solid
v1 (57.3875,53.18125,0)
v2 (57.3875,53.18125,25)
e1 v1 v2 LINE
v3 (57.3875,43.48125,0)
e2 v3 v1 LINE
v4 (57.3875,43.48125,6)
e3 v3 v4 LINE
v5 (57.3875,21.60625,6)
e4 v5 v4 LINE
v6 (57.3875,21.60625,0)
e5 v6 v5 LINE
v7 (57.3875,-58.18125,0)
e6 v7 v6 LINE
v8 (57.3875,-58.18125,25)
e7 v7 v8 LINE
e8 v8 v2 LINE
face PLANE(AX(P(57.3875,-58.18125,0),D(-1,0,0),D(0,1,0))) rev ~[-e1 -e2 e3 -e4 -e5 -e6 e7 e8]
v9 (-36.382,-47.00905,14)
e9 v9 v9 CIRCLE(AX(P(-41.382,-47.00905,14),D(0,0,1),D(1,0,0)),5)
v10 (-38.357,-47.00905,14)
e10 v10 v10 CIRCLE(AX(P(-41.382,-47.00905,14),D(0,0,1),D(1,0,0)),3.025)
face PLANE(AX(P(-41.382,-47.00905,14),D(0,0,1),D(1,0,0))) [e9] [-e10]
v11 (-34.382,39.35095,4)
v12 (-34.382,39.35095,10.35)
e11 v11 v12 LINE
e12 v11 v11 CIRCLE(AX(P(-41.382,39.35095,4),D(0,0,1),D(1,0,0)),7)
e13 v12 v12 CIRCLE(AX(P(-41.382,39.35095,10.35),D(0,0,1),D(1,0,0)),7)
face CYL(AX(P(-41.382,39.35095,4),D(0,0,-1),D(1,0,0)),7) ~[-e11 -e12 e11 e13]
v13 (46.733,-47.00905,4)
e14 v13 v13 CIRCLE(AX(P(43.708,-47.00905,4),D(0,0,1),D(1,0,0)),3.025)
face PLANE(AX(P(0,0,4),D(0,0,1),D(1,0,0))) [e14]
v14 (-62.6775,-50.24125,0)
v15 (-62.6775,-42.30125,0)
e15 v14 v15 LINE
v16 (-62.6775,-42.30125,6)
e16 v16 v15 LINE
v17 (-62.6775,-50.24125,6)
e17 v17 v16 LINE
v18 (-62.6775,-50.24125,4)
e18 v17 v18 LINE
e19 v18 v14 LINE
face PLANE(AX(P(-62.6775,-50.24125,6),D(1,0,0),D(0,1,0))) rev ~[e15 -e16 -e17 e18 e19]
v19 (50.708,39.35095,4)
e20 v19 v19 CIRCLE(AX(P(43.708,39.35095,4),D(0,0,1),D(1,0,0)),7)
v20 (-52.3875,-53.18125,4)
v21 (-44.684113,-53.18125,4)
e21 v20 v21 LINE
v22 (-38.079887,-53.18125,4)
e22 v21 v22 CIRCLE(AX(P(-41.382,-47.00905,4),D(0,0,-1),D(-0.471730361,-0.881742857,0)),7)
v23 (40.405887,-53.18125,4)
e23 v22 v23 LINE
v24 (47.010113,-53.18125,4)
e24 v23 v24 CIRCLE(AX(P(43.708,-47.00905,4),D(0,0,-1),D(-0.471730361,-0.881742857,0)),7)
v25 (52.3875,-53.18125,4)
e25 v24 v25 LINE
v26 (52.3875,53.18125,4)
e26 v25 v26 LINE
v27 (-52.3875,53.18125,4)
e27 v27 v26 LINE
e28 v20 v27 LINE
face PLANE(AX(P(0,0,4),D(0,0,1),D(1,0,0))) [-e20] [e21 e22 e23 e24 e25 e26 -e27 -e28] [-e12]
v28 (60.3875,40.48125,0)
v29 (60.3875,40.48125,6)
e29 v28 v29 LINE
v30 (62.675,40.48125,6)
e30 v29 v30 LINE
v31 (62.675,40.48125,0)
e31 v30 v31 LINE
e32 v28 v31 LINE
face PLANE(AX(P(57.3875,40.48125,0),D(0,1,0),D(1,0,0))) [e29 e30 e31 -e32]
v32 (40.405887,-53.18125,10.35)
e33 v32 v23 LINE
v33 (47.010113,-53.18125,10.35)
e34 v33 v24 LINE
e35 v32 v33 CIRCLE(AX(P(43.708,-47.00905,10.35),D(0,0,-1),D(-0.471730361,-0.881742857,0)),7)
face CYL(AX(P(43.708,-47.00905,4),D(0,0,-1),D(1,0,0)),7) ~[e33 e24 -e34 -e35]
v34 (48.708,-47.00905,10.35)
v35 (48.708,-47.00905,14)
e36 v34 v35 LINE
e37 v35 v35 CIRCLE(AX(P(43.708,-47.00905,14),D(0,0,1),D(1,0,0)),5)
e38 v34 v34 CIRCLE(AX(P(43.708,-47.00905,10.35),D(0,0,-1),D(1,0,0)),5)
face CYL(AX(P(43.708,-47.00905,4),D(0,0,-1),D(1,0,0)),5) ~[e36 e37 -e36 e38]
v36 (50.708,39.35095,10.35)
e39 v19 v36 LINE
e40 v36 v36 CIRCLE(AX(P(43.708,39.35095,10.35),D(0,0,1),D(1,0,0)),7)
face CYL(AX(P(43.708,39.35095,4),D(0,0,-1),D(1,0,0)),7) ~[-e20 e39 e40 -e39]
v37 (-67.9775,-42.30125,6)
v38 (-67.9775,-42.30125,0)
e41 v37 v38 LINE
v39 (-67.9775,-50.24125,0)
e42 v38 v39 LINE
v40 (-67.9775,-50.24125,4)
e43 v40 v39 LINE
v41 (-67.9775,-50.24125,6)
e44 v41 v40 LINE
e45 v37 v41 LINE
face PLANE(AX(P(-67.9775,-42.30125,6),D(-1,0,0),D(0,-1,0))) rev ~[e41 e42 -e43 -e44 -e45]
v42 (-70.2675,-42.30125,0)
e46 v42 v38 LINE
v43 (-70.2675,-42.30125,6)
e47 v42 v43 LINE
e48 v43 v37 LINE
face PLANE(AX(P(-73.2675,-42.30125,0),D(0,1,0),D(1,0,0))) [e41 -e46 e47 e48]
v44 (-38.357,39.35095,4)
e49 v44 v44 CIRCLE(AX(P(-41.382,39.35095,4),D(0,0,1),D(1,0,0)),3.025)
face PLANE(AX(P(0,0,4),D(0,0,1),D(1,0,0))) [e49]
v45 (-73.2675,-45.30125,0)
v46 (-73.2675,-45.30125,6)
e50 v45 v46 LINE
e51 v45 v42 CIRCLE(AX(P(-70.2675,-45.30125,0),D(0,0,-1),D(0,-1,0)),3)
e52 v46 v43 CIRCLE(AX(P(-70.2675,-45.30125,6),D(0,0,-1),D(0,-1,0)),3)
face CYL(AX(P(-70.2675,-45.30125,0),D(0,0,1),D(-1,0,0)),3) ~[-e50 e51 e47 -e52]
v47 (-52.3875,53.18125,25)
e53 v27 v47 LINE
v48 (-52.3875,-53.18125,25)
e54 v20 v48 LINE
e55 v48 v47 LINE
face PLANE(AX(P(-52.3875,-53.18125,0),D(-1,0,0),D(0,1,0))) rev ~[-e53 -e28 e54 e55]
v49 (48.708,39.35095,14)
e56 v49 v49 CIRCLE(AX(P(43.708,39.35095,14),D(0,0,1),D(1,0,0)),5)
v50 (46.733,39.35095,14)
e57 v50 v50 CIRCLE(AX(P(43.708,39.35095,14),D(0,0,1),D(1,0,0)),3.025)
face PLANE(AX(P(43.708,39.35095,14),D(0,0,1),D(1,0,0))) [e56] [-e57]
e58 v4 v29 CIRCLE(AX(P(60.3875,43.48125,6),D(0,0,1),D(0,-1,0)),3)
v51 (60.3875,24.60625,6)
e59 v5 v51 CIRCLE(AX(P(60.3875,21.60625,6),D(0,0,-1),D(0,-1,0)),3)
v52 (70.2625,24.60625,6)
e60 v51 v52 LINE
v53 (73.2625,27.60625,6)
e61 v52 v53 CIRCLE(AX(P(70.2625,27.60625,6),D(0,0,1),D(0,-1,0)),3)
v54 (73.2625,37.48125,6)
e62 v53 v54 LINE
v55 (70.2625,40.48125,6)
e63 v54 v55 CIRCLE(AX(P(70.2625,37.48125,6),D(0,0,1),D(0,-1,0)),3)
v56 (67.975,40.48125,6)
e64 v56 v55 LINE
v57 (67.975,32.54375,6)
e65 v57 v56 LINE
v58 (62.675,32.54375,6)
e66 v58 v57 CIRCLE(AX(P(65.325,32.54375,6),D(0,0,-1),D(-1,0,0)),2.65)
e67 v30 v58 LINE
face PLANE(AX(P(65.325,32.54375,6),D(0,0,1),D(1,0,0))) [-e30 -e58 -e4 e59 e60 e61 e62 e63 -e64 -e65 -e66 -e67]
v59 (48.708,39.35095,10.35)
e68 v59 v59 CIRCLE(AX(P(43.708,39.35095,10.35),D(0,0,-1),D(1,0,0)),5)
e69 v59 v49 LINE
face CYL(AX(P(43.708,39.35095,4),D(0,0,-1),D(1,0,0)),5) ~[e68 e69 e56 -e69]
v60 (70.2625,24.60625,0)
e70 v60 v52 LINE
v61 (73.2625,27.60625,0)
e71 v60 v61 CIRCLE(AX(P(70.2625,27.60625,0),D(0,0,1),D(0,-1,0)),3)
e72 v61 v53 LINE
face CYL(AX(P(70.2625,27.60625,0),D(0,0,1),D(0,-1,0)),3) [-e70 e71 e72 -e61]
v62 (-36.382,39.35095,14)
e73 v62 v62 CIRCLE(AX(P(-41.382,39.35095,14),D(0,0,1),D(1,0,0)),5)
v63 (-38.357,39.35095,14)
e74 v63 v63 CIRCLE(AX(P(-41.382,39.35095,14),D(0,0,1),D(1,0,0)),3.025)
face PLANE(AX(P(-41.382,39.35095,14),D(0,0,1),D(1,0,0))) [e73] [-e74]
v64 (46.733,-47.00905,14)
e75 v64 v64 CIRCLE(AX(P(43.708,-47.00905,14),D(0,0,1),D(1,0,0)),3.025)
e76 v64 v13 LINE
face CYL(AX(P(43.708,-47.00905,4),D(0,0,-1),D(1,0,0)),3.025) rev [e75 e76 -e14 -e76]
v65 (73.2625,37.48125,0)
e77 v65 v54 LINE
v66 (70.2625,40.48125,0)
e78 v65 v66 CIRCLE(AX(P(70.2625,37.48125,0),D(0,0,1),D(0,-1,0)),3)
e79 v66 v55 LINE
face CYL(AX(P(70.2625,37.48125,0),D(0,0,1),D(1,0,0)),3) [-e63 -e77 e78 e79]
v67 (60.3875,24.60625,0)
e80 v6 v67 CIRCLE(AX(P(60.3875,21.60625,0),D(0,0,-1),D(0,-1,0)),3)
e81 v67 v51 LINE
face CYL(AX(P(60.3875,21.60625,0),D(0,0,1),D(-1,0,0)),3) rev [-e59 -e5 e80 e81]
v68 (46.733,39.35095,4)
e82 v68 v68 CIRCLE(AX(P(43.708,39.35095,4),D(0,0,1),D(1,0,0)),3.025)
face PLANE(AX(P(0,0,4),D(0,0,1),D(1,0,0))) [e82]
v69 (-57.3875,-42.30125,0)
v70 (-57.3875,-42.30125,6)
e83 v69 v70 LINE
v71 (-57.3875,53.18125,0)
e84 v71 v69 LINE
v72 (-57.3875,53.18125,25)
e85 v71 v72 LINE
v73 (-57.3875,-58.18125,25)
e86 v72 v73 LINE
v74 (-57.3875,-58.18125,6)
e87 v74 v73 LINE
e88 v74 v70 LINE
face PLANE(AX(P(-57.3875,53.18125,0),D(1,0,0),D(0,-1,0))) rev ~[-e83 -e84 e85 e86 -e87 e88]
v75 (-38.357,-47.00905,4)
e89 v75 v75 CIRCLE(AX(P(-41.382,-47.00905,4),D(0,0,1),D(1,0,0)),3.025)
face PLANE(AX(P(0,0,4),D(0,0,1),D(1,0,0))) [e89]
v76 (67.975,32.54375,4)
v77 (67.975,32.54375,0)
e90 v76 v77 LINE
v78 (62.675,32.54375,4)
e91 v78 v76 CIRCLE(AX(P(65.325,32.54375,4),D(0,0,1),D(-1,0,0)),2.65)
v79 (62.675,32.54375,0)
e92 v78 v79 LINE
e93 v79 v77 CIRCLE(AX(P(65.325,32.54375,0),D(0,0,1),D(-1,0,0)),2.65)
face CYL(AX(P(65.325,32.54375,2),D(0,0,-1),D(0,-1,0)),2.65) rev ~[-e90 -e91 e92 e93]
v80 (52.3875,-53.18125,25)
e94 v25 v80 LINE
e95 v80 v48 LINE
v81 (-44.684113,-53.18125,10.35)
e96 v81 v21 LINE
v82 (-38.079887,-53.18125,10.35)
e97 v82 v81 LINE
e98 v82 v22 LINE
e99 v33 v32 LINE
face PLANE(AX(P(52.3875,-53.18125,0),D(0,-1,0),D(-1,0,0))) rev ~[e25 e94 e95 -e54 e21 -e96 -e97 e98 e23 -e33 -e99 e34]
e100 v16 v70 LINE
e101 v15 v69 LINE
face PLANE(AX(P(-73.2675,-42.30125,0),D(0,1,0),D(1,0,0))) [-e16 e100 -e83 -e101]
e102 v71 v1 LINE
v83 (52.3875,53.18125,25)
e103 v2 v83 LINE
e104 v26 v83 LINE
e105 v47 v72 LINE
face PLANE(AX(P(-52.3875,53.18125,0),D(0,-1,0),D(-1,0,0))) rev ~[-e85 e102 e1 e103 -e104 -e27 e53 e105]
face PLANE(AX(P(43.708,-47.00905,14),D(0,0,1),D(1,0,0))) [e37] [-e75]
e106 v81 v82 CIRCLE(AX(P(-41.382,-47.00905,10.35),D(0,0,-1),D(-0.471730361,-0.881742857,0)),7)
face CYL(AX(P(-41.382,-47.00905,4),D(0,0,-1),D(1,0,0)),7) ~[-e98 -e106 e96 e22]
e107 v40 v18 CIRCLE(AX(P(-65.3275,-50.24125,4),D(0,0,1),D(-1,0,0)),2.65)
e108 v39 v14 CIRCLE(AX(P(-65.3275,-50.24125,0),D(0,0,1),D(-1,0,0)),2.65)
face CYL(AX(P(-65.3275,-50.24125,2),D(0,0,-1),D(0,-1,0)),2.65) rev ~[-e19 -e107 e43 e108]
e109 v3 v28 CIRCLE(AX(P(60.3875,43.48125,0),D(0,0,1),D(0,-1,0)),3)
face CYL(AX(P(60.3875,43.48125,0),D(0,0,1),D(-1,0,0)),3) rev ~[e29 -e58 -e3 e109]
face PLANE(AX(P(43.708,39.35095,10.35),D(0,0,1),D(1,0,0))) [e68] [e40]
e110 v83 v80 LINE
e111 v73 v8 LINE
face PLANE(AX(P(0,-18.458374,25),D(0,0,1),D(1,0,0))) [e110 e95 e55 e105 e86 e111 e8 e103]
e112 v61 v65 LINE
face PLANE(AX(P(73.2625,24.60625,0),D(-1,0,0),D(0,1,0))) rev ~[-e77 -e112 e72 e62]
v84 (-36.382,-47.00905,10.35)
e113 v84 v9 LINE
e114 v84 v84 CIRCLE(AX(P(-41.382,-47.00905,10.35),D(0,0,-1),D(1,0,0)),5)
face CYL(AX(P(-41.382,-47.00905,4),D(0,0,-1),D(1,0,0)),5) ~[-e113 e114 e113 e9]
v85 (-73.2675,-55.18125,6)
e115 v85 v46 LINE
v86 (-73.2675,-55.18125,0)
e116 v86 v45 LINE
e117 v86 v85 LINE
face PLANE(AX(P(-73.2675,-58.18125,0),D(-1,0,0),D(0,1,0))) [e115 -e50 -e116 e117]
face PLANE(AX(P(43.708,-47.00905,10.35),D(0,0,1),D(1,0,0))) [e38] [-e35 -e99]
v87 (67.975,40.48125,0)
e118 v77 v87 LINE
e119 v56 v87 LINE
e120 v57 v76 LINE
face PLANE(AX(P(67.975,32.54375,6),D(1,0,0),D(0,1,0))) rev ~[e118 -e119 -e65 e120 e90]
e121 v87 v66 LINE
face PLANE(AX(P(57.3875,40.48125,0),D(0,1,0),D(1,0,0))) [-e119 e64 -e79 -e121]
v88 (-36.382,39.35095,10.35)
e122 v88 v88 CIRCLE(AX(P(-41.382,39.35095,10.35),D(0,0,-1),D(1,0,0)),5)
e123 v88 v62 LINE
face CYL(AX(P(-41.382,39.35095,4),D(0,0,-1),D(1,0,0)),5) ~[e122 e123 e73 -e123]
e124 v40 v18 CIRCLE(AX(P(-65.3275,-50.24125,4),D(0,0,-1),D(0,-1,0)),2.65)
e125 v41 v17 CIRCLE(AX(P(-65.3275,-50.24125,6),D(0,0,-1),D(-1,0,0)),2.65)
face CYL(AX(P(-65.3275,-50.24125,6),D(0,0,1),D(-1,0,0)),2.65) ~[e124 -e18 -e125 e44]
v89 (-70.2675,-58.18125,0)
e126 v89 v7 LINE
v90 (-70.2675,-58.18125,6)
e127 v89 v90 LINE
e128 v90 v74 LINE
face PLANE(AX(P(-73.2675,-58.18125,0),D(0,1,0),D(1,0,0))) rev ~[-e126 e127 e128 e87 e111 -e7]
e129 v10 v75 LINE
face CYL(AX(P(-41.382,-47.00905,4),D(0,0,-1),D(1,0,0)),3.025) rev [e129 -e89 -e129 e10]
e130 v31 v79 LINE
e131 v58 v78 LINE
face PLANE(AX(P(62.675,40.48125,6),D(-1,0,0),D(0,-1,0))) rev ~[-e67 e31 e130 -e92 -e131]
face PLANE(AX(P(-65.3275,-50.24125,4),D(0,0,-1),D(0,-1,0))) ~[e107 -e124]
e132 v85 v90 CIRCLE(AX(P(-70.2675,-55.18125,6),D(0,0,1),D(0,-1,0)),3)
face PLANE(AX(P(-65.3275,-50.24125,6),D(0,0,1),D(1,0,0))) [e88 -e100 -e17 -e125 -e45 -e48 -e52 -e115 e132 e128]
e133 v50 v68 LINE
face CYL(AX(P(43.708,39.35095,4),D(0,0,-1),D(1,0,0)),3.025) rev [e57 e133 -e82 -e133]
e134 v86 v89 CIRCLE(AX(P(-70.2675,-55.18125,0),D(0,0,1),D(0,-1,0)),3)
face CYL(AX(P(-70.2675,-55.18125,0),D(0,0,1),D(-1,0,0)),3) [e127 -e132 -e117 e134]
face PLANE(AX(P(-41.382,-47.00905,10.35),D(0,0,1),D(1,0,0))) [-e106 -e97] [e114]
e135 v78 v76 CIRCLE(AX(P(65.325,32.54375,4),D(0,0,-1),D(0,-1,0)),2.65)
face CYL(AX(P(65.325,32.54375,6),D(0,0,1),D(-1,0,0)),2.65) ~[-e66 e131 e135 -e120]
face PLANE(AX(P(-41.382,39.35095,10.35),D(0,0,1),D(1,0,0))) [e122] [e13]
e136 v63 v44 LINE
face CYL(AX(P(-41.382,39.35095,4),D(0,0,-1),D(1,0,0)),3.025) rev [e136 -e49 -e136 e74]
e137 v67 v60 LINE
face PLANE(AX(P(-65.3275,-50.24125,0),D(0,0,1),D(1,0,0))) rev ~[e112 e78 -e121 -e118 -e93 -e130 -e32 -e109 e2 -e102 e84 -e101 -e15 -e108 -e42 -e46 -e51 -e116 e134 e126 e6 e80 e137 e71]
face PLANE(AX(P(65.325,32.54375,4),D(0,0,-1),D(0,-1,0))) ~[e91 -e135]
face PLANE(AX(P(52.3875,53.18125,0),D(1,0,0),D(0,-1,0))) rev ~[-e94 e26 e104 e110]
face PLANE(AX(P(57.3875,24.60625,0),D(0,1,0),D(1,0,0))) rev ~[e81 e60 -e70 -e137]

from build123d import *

# Parameters (mm, degrees)
SKETCH1_W                     = 104.775
SKETCH1_H                     = 106.3625
BOSS_EXTRUDE1_DEPTH           = 4
BOSS_EXTRUDE2_DEPTH           = 25
SKETCH3_R                     = 5
SKETCH3_R_2                   = 3.025
BOSS_EXTRUDE3_DEPTH           = 10
SKETCH4_R                     = 7
SKETCH4_R_2                   = 3.025
BOSS_EXTRUDE4_DEPTH           = 6.35
SKETCH6_W                     = 15.875
SKETCH6_H                     = 15.875
SKETCH6_W_2                   = 15.88
SKETCH6_H_2                   = 15.88
BOSS_EXTRUDE5_DEPTH           = 6
SKETCH8_W                     = 2.65
SKETCH8_H                     = 4
M5_CLEARANCE_HOLE2_AT_2_COUNT = 2
M5_CLEARANCE_HOLE2_AT_2_PITCH = 154.672014215
FILLET2_R                     = 3
CUT_EXTRUDE1_DEPTH            = 96.468237691


with BuildPart() as part:
    # Sketch1 → Boss-Extrude1 (new body)
    with BuildSketch(Plane.XY):
        Rectangle(SKETCH1_W, SKETCH1_H)
    extrude(amount=BOSS_EXTRUDE1_DEPTH)

    # Sketch2 → Boss-Extrude2 (add)
    with BuildSketch(Plane.XY):
        Polygon((-57.3875, -53.18125), (-57.3875, -58.18125), (-52.3875, -58.18125), (57.3875, -58.18125), (57.3875, 53.18125), (52.3875, 53.18125), (52.3875, -53.18125), (-52.3875, -53.18125), (-52.3875, 53.18125), (-57.3875, 53.18125), align=None)
    extrude(amount=BOSS_EXTRUDE2_DEPTH)

    # Sketch3 → Boss-Extrude3 (add)
    # profile 1 of 4: a face of its own
    with BuildSketch(Plane.XY.offset(4)):
        with Locations((43.708, 39.35095)):
            Circle(SKETCH3_R)
        with Locations((43.708, 39.35095)):
            Circle(SKETCH3_R_2, mode=Mode.SUBTRACT)
    # profile 2 of 4: a face of its own
    with BuildSketch(Plane.XY.offset(4)):
        with Locations((-41.382, 39.35095)):
            Circle(SKETCH3_R)
        with Locations((-41.382, 39.35095)):
            Circle(SKETCH3_R_2, mode=Mode.SUBTRACT)
    # profile 3 of 4: a face of its own
    with BuildSketch(Plane.XY.offset(4)):
        with Locations((-41.382, -47.00905)):
            Circle(SKETCH3_R)
        with Locations((-41.382, -47.00905)):
            Circle(SKETCH3_R_2, mode=Mode.SUBTRACT)
    # profile 4 of 4: a face of its own
    with BuildSketch(Plane.XY.offset(4)):
        with Locations((43.708, -47.00905)):
            Circle(SKETCH3_R)
        with Locations((43.708, -47.00905)):
            Circle(SKETCH3_R_2, mode=Mode.SUBTRACT)
    extrude(amount=BOSS_EXTRUDE3_DEPTH)

    # Sketch4 → Boss-Extrude4 (add)
    # profile 1 of 4: a face of its own
    with BuildSketch(Plane.XY.offset(4)):
        with Locations((43.708, 39.35095)):
            Circle(SKETCH4_R)
        with Locations((43.708, 39.35095)):
            Circle(SKETCH4_R_2, mode=Mode.SUBTRACT)
    # profile 2 of 4: a face of its own
    with BuildSketch(Plane.XY.offset(4)):
        with Locations((-41.382, 39.35095)):
            Circle(SKETCH4_R)
        with Locations((-41.382, 39.35095)):
            Circle(SKETCH4_R_2, mode=Mode.SUBTRACT)
    # profile 3 of 4: a face of its own
    with BuildSketch(Plane.XY.offset(4)):
        with Locations((-41.382, -47.00905)):
            Circle(SKETCH4_R)
        with Locations((-41.382, -47.00905)):
            Circle(SKETCH4_R_2, mode=Mode.SUBTRACT)
    # profile 4 of 4: a face of its own
    with BuildSketch(Plane.XY.offset(4)):
        with Locations((43.708, -47.00905)):
            Circle(SKETCH4_R)
        with Locations((43.708, -47.00905)):
            Circle(SKETCH4_R_2, mode=Mode.SUBTRACT)
    extrude(amount=BOSS_EXTRUDE4_DEPTH)

    # Sketch6 → Boss-Extrude5 (add)
    with BuildSketch(Plane.XY):
        with Locations((65.325, 32.54375)):
            Rectangle(SKETCH6_W, SKETCH6_H)
        with Locations((-65.3275, -50.24125)):
            Rectangle(SKETCH6_W_2, SKETCH6_H_2)
    extrude(amount=BOSS_EXTRUDE5_DEPTH)

    # Sketch8 → M5 Clearance Hole2 (revolve, cut)
    with BuildSketch(Plane(origin=(65.325, 32.54375, 4), x_dir=(0, -1, 0), z_dir=(1, 0, 0))):
        with Locations((1.325, 2)):
            Rectangle(SKETCH8_W, SKETCH8_H)
    m5_clearance_hole2 = revolve(axis=Axis((65.325, 32.54375, 10.35), (0, 0, -1)), mode=Mode.SUBTRACT)

    # M5 Clearance Hole2 at 2: M5 Clearance Hole2 ×2
    with Locations(*[Vector(-0.8447067859256896, -0.5352293394528098, 0) * (i * M5_CLEARANCE_HOLE2_AT_2_PITCH) for i in range(1, M5_CLEARANCE_HOLE2_AT_2_COUNT)]):
        add(m5_clearance_hole2, mode=Mode.SUBTRACT)

    # Fillet2
    fillet2_edges = [part.edges().sort_by_distance(p)[0] for p in [
        (-73.2675, -42.30125, 3),
        (-73.2675, -58.18125, 3),
        (73.2625, 24.60625, 3),
        (73.2625, 40.48125, 3),
        (57.3875, 40.48125, 3),
        (57.3875, 24.60625, 3),
    ]]
    fillet(fillet2_edges, radius=FILLET2_R)

    # Sketch11 → Cut-Extrude1 (cut, through all)
    with BuildSketch(Plane.XY.offset(6)):
        with BuildLine():
            Line((-67.9775, -42.30125), (-67.9775, -50.24125))
            ThreePointArc((-67.9775, -50.24125), (-65.3275, -47.59125), (-62.6775, -50.24125))
            Line((-62.6775, -50.24125), (-62.6775, -42.30125))
            Line((-62.6775, -42.30125), (-67.9775, -42.30125))
        make_face()
        with BuildLine():
            Line((62.675, 40.48125), (62.675, 32.54375))
            ThreePointArc((62.675, 32.54375), (65.325, 35.19375), (67.975, 32.54375))
            Line((67.975, 32.54375), (67.975, 40.48125))
            Line((67.975, 40.48125), (62.675, 40.48125))
        make_face()
    extrude(amount=-CUT_EXTRUDE1_DEPTH, mode=Mode.SUBTRACT)


solid = part.part
